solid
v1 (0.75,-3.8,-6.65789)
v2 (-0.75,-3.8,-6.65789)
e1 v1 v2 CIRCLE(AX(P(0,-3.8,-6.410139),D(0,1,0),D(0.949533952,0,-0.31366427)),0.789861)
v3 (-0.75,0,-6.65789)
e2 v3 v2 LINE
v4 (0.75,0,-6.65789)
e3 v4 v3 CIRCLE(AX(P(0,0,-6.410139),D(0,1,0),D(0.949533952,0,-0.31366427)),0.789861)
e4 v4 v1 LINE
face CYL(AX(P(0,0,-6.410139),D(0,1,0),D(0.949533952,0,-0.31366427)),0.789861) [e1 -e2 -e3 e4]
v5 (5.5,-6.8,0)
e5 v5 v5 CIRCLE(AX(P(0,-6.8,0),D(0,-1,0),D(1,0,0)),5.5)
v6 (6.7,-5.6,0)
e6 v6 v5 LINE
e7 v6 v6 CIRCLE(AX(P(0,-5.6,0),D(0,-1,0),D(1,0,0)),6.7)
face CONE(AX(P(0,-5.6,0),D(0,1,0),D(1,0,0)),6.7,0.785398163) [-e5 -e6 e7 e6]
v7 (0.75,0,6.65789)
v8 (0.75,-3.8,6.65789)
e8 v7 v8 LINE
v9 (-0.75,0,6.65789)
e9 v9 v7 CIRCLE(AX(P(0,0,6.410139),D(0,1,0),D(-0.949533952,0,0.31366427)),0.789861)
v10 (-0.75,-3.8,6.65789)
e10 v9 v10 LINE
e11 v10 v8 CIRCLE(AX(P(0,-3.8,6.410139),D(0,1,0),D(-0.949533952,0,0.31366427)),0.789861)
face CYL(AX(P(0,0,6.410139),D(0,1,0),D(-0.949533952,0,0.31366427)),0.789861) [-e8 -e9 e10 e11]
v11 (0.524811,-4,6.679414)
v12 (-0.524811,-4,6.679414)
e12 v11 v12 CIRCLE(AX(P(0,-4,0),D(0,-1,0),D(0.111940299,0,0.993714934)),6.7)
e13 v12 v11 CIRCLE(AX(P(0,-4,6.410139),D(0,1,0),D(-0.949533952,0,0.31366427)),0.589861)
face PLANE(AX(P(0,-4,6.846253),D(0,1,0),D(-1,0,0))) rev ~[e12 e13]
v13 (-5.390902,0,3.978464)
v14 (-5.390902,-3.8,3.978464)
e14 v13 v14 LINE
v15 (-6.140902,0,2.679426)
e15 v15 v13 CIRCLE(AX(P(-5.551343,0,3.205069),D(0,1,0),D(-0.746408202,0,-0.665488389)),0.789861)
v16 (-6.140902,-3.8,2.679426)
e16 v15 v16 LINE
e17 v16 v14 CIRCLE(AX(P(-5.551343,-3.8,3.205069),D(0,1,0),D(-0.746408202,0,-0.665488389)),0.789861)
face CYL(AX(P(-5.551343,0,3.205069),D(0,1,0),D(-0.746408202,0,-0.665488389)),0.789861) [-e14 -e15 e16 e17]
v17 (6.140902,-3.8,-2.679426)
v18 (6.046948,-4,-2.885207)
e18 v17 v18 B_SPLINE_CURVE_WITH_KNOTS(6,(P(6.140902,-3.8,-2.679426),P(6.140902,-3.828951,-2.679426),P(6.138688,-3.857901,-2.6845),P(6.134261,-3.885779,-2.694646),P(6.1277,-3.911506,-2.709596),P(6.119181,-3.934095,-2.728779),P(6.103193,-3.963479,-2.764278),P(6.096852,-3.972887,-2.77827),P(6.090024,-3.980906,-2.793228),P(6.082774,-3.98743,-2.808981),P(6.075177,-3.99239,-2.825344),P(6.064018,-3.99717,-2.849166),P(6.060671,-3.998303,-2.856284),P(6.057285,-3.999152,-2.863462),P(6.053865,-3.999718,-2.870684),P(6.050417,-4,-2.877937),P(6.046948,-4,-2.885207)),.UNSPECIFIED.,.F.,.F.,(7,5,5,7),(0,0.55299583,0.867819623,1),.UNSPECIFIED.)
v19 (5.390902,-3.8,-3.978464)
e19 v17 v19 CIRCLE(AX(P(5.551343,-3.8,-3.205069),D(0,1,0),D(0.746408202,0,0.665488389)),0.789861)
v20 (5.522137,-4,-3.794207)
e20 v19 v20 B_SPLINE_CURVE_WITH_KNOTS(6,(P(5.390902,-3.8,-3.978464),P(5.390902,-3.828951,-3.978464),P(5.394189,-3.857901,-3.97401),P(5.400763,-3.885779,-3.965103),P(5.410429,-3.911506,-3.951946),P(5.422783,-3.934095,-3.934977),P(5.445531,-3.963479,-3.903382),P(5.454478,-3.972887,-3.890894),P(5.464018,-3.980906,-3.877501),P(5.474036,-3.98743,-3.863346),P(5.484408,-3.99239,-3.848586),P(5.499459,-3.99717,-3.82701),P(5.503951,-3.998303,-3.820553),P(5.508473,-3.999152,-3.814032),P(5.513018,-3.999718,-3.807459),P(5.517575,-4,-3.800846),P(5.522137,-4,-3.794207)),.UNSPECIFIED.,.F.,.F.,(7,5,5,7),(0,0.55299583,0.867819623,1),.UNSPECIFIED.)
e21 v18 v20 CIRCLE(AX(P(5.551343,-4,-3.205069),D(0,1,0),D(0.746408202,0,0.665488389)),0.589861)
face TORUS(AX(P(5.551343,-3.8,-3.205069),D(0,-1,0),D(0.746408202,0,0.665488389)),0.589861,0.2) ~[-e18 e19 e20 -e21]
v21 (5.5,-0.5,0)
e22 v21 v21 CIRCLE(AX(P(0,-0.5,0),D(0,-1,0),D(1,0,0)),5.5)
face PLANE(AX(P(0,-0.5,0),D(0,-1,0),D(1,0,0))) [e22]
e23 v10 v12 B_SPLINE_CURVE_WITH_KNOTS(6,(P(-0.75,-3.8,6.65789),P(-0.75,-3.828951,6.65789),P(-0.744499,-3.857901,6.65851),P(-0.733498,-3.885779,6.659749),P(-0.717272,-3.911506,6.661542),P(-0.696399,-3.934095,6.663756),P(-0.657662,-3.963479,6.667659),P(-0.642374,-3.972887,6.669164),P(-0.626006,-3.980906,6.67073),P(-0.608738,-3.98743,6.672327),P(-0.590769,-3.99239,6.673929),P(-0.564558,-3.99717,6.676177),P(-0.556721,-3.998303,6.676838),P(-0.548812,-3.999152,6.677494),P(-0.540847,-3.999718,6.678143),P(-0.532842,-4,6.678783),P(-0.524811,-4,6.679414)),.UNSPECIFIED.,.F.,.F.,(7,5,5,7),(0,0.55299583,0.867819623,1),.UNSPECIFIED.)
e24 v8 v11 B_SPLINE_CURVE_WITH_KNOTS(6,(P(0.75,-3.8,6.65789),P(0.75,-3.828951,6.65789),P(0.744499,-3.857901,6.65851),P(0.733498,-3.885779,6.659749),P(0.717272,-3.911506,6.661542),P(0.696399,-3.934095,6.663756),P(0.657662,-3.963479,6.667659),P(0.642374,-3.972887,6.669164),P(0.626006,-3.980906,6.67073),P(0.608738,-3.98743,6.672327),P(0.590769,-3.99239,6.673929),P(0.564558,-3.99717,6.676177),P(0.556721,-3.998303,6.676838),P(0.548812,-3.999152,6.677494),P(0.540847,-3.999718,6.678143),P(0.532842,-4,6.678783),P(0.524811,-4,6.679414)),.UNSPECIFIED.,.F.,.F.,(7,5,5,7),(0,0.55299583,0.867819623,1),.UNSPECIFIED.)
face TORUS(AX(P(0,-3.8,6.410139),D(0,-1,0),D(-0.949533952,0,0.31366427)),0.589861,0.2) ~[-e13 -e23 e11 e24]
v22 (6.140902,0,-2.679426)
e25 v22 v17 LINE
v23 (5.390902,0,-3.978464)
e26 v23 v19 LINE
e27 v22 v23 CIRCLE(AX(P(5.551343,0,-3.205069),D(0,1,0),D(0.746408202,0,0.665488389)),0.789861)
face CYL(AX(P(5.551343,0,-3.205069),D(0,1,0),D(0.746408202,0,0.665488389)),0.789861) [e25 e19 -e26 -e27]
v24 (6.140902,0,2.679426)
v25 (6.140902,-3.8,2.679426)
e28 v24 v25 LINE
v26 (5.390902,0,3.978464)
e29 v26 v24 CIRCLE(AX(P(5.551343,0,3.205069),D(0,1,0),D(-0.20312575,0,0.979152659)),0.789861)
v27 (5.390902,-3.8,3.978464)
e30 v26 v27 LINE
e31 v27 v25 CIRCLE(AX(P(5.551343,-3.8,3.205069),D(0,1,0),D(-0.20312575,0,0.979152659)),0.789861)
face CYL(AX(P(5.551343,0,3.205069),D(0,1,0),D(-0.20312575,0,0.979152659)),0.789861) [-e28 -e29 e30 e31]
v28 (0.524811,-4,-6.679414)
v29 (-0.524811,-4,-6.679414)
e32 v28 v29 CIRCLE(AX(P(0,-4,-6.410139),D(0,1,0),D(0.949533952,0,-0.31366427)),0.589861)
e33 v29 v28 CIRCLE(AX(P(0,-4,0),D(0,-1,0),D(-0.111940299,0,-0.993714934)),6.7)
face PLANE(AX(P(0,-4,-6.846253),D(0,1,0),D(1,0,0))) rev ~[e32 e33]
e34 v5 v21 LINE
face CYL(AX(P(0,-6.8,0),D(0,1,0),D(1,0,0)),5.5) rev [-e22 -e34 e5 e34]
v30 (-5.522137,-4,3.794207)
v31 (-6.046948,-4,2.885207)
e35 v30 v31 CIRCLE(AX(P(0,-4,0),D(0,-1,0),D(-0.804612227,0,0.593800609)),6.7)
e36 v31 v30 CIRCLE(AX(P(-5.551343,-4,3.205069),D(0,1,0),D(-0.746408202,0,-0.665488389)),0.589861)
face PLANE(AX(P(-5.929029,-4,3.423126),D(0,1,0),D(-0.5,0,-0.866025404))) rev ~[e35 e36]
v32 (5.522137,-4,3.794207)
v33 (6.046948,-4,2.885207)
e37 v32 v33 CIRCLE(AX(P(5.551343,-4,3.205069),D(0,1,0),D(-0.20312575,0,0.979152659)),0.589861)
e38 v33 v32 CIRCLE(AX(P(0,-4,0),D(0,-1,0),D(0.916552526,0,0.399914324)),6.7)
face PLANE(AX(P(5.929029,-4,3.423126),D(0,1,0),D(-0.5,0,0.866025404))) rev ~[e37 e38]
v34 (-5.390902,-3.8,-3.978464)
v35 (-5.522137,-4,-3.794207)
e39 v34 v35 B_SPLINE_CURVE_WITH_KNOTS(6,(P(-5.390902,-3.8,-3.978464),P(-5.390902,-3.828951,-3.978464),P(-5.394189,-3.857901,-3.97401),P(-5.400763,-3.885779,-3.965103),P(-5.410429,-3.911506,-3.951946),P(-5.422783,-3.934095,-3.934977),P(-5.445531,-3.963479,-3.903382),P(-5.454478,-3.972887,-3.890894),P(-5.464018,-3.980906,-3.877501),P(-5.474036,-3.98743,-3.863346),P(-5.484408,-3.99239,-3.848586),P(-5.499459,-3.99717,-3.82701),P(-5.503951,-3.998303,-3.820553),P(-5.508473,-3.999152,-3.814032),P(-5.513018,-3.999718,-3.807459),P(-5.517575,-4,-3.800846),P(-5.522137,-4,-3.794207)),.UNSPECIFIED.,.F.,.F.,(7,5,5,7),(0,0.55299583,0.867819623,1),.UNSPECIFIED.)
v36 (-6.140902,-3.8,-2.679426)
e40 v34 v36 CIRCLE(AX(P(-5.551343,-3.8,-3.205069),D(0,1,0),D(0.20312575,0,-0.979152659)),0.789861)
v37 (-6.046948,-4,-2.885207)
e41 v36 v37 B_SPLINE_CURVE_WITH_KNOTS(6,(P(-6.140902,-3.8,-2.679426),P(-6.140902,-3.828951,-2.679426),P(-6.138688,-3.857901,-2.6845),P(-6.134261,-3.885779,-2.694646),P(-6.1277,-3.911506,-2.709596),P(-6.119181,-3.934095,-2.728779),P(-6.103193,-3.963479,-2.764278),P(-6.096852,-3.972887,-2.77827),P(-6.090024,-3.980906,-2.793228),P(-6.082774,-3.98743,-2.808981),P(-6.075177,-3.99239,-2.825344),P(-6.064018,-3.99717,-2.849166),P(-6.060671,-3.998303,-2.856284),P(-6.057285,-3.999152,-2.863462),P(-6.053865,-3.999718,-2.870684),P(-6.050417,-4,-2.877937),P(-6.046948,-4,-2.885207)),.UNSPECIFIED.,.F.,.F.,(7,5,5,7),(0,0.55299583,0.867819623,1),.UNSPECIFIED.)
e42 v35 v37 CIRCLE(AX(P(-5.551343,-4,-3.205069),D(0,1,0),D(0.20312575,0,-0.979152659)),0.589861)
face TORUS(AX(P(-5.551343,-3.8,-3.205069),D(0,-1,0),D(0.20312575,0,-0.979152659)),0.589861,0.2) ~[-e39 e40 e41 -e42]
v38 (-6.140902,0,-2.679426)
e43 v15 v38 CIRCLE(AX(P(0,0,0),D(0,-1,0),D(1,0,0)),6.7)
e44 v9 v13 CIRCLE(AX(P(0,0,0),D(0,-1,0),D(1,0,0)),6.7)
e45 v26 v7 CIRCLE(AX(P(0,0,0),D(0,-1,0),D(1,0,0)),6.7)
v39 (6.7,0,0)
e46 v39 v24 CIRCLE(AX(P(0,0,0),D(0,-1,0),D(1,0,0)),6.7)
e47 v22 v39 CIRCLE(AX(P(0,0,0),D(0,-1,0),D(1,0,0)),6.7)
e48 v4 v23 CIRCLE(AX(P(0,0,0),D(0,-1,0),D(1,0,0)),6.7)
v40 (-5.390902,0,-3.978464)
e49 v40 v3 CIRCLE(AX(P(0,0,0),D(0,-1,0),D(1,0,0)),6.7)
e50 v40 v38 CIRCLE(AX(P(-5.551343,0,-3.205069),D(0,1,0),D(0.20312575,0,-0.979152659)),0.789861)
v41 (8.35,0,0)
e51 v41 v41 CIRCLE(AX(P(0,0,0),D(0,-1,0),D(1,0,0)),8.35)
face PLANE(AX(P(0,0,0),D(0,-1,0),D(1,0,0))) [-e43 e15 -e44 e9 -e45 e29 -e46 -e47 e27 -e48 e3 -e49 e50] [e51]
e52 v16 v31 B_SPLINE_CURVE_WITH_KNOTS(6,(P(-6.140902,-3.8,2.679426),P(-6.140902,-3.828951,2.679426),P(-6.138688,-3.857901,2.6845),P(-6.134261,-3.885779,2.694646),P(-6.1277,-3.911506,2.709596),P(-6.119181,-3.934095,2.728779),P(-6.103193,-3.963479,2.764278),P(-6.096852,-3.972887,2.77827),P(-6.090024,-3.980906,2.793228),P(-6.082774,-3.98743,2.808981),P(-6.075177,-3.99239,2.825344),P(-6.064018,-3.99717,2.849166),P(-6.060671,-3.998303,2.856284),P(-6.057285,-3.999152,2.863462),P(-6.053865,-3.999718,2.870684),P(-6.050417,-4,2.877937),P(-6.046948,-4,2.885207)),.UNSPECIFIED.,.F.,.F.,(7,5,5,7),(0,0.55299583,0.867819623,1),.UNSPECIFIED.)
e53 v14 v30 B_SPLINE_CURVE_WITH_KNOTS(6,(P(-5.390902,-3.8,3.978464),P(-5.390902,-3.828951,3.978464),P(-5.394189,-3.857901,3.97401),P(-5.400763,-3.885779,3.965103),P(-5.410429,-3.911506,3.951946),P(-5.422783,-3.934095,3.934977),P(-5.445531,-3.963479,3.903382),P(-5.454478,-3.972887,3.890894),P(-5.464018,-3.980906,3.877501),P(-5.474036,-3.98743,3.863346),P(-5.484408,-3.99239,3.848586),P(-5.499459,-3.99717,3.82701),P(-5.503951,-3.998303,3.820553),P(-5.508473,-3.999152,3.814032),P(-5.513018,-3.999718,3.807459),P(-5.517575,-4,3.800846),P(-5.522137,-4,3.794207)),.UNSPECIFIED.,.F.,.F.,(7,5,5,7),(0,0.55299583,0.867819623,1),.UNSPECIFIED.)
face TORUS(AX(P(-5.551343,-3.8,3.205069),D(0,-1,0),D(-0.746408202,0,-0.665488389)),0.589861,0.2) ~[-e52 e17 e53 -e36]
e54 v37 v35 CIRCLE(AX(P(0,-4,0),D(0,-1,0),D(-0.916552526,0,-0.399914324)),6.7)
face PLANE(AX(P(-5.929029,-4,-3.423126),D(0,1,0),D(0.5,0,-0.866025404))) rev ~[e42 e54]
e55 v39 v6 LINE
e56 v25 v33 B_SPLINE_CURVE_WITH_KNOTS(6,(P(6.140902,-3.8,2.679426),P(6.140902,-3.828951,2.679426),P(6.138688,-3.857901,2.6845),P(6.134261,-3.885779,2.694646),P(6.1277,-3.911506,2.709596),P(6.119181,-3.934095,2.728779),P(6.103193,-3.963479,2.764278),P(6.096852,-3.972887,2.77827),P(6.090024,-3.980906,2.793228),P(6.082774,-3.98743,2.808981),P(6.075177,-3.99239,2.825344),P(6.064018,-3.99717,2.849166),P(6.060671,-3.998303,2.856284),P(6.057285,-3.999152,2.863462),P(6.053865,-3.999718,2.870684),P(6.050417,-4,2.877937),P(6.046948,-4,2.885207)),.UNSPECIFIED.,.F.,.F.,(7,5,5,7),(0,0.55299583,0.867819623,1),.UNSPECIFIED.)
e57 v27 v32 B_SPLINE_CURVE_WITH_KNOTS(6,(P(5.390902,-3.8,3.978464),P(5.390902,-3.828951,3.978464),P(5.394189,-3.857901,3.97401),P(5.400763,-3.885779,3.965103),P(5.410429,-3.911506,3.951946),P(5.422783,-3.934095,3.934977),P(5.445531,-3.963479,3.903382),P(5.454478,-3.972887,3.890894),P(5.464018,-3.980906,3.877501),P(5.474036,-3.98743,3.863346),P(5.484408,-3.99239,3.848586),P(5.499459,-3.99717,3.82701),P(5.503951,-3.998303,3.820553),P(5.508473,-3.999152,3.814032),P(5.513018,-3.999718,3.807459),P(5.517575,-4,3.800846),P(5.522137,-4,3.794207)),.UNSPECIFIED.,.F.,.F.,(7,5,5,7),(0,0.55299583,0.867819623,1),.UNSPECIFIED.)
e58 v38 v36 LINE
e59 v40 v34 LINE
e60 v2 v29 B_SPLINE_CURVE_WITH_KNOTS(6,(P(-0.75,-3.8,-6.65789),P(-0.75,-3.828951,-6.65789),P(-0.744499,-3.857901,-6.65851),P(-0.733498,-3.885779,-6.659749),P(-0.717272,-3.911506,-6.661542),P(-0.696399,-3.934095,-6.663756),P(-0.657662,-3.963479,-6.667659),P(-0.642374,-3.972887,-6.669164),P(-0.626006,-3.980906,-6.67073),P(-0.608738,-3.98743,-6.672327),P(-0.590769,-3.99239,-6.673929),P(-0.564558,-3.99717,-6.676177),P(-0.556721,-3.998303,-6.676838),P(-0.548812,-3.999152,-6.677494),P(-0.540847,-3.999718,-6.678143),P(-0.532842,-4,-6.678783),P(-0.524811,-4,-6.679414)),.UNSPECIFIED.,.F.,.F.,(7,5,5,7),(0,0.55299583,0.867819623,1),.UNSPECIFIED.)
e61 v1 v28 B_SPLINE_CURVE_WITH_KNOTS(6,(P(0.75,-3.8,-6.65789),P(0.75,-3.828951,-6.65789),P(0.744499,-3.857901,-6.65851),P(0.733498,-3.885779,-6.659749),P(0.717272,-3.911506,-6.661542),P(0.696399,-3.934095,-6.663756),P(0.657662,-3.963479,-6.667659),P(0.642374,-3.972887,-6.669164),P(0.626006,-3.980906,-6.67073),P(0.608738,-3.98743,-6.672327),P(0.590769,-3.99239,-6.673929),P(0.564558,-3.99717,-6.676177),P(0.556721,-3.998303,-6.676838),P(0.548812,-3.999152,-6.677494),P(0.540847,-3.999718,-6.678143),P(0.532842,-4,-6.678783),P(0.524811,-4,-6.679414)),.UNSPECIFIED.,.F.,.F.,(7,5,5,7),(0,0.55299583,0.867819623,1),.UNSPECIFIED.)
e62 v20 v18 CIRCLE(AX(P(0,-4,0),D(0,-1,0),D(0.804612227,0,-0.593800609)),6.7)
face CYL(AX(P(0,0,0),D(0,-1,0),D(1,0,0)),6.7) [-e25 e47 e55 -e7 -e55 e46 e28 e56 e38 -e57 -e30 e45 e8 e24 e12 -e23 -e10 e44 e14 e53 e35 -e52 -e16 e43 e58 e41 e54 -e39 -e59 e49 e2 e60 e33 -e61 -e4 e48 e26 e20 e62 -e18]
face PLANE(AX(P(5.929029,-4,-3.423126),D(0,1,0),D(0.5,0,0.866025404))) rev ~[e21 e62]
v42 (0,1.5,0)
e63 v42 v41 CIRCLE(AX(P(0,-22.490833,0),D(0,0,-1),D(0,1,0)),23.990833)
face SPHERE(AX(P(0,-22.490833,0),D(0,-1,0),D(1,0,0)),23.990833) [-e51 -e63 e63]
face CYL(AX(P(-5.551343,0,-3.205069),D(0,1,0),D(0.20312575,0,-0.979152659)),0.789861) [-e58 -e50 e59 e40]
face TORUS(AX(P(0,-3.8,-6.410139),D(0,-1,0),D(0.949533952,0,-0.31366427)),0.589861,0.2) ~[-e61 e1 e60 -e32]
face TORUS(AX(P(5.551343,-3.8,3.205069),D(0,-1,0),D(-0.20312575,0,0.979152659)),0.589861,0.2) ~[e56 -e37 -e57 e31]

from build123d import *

# Parameters (mm, degrees)
EXTRUDE_1_DEPTH          = 4
PATTERN_CIRCULAR_1_COUNT = 6
FILLET_1_R               = 0.2


with BuildPart() as part:
    # Эскиз1 → Повернуть1 (revolve)
    with BuildSketch(Plane.XY):
        with BuildLine():
            Line((8.35, 0), (6.7, 0))
            Line((6.7, 0), (6.7, -5.6))
            Line((6.7, -5.6), (5.5, -6.8))
            Line((5.5, -6.8), (5.5, -0.5))
            Line((5.5, -0.5), (0, -0.5))
            Line((0, -0.5), (0, 1.5))
            ThreePointArc((0, 1.5), (4.241830383, 1.122022467), (8.35, 0))
        make_face()
    revolve(axis=Axis((0, -0.5, 0), (0, -1, 0)))

    # Эскиз2 → Бобышка-Вытянуть1 (add)
    with BuildSketch(Plane.XZ):
        with BuildLine():
            ThreePointArc((-0.75, 6.657890056), (0, 7.2), (0.75, 6.657890056))
            ThreePointArc((0.75, 6.657890056), (0, 6.7), (-0.75, 6.657890056))
        make_face()
    extrude_1 = extrude(amount=EXTRUDE_1_DEPTH)

    # Круговой массив1: Бобышка-Вытянуть1 ×6 about axis
    pattern_circular_1_axis = Axis((0, 0, 0), (0, 1, 0))
    for i in range(1, PATTERN_CIRCULAR_1_COUNT):
        add(extrude_1.rotate(pattern_circular_1_axis, i * 360 / PATTERN_CIRCULAR_1_COUNT))

    # Скругление1
    fillet_1_edges = [part.edges().sort_by_distance(p)[0] for p in [
        (0, -4, 7.2),
        (6.235382907, -4, 3.6),
        (6.235382907, -4, -3.6),
        (0, -4, -7.2),
        (-6.235382907, -4, -3.6),
        (-6.235382907, -4, 3.6),
    ]]
    fillet(fillet_1_edges, radius=FILLET_1_R)


solid = part.part
